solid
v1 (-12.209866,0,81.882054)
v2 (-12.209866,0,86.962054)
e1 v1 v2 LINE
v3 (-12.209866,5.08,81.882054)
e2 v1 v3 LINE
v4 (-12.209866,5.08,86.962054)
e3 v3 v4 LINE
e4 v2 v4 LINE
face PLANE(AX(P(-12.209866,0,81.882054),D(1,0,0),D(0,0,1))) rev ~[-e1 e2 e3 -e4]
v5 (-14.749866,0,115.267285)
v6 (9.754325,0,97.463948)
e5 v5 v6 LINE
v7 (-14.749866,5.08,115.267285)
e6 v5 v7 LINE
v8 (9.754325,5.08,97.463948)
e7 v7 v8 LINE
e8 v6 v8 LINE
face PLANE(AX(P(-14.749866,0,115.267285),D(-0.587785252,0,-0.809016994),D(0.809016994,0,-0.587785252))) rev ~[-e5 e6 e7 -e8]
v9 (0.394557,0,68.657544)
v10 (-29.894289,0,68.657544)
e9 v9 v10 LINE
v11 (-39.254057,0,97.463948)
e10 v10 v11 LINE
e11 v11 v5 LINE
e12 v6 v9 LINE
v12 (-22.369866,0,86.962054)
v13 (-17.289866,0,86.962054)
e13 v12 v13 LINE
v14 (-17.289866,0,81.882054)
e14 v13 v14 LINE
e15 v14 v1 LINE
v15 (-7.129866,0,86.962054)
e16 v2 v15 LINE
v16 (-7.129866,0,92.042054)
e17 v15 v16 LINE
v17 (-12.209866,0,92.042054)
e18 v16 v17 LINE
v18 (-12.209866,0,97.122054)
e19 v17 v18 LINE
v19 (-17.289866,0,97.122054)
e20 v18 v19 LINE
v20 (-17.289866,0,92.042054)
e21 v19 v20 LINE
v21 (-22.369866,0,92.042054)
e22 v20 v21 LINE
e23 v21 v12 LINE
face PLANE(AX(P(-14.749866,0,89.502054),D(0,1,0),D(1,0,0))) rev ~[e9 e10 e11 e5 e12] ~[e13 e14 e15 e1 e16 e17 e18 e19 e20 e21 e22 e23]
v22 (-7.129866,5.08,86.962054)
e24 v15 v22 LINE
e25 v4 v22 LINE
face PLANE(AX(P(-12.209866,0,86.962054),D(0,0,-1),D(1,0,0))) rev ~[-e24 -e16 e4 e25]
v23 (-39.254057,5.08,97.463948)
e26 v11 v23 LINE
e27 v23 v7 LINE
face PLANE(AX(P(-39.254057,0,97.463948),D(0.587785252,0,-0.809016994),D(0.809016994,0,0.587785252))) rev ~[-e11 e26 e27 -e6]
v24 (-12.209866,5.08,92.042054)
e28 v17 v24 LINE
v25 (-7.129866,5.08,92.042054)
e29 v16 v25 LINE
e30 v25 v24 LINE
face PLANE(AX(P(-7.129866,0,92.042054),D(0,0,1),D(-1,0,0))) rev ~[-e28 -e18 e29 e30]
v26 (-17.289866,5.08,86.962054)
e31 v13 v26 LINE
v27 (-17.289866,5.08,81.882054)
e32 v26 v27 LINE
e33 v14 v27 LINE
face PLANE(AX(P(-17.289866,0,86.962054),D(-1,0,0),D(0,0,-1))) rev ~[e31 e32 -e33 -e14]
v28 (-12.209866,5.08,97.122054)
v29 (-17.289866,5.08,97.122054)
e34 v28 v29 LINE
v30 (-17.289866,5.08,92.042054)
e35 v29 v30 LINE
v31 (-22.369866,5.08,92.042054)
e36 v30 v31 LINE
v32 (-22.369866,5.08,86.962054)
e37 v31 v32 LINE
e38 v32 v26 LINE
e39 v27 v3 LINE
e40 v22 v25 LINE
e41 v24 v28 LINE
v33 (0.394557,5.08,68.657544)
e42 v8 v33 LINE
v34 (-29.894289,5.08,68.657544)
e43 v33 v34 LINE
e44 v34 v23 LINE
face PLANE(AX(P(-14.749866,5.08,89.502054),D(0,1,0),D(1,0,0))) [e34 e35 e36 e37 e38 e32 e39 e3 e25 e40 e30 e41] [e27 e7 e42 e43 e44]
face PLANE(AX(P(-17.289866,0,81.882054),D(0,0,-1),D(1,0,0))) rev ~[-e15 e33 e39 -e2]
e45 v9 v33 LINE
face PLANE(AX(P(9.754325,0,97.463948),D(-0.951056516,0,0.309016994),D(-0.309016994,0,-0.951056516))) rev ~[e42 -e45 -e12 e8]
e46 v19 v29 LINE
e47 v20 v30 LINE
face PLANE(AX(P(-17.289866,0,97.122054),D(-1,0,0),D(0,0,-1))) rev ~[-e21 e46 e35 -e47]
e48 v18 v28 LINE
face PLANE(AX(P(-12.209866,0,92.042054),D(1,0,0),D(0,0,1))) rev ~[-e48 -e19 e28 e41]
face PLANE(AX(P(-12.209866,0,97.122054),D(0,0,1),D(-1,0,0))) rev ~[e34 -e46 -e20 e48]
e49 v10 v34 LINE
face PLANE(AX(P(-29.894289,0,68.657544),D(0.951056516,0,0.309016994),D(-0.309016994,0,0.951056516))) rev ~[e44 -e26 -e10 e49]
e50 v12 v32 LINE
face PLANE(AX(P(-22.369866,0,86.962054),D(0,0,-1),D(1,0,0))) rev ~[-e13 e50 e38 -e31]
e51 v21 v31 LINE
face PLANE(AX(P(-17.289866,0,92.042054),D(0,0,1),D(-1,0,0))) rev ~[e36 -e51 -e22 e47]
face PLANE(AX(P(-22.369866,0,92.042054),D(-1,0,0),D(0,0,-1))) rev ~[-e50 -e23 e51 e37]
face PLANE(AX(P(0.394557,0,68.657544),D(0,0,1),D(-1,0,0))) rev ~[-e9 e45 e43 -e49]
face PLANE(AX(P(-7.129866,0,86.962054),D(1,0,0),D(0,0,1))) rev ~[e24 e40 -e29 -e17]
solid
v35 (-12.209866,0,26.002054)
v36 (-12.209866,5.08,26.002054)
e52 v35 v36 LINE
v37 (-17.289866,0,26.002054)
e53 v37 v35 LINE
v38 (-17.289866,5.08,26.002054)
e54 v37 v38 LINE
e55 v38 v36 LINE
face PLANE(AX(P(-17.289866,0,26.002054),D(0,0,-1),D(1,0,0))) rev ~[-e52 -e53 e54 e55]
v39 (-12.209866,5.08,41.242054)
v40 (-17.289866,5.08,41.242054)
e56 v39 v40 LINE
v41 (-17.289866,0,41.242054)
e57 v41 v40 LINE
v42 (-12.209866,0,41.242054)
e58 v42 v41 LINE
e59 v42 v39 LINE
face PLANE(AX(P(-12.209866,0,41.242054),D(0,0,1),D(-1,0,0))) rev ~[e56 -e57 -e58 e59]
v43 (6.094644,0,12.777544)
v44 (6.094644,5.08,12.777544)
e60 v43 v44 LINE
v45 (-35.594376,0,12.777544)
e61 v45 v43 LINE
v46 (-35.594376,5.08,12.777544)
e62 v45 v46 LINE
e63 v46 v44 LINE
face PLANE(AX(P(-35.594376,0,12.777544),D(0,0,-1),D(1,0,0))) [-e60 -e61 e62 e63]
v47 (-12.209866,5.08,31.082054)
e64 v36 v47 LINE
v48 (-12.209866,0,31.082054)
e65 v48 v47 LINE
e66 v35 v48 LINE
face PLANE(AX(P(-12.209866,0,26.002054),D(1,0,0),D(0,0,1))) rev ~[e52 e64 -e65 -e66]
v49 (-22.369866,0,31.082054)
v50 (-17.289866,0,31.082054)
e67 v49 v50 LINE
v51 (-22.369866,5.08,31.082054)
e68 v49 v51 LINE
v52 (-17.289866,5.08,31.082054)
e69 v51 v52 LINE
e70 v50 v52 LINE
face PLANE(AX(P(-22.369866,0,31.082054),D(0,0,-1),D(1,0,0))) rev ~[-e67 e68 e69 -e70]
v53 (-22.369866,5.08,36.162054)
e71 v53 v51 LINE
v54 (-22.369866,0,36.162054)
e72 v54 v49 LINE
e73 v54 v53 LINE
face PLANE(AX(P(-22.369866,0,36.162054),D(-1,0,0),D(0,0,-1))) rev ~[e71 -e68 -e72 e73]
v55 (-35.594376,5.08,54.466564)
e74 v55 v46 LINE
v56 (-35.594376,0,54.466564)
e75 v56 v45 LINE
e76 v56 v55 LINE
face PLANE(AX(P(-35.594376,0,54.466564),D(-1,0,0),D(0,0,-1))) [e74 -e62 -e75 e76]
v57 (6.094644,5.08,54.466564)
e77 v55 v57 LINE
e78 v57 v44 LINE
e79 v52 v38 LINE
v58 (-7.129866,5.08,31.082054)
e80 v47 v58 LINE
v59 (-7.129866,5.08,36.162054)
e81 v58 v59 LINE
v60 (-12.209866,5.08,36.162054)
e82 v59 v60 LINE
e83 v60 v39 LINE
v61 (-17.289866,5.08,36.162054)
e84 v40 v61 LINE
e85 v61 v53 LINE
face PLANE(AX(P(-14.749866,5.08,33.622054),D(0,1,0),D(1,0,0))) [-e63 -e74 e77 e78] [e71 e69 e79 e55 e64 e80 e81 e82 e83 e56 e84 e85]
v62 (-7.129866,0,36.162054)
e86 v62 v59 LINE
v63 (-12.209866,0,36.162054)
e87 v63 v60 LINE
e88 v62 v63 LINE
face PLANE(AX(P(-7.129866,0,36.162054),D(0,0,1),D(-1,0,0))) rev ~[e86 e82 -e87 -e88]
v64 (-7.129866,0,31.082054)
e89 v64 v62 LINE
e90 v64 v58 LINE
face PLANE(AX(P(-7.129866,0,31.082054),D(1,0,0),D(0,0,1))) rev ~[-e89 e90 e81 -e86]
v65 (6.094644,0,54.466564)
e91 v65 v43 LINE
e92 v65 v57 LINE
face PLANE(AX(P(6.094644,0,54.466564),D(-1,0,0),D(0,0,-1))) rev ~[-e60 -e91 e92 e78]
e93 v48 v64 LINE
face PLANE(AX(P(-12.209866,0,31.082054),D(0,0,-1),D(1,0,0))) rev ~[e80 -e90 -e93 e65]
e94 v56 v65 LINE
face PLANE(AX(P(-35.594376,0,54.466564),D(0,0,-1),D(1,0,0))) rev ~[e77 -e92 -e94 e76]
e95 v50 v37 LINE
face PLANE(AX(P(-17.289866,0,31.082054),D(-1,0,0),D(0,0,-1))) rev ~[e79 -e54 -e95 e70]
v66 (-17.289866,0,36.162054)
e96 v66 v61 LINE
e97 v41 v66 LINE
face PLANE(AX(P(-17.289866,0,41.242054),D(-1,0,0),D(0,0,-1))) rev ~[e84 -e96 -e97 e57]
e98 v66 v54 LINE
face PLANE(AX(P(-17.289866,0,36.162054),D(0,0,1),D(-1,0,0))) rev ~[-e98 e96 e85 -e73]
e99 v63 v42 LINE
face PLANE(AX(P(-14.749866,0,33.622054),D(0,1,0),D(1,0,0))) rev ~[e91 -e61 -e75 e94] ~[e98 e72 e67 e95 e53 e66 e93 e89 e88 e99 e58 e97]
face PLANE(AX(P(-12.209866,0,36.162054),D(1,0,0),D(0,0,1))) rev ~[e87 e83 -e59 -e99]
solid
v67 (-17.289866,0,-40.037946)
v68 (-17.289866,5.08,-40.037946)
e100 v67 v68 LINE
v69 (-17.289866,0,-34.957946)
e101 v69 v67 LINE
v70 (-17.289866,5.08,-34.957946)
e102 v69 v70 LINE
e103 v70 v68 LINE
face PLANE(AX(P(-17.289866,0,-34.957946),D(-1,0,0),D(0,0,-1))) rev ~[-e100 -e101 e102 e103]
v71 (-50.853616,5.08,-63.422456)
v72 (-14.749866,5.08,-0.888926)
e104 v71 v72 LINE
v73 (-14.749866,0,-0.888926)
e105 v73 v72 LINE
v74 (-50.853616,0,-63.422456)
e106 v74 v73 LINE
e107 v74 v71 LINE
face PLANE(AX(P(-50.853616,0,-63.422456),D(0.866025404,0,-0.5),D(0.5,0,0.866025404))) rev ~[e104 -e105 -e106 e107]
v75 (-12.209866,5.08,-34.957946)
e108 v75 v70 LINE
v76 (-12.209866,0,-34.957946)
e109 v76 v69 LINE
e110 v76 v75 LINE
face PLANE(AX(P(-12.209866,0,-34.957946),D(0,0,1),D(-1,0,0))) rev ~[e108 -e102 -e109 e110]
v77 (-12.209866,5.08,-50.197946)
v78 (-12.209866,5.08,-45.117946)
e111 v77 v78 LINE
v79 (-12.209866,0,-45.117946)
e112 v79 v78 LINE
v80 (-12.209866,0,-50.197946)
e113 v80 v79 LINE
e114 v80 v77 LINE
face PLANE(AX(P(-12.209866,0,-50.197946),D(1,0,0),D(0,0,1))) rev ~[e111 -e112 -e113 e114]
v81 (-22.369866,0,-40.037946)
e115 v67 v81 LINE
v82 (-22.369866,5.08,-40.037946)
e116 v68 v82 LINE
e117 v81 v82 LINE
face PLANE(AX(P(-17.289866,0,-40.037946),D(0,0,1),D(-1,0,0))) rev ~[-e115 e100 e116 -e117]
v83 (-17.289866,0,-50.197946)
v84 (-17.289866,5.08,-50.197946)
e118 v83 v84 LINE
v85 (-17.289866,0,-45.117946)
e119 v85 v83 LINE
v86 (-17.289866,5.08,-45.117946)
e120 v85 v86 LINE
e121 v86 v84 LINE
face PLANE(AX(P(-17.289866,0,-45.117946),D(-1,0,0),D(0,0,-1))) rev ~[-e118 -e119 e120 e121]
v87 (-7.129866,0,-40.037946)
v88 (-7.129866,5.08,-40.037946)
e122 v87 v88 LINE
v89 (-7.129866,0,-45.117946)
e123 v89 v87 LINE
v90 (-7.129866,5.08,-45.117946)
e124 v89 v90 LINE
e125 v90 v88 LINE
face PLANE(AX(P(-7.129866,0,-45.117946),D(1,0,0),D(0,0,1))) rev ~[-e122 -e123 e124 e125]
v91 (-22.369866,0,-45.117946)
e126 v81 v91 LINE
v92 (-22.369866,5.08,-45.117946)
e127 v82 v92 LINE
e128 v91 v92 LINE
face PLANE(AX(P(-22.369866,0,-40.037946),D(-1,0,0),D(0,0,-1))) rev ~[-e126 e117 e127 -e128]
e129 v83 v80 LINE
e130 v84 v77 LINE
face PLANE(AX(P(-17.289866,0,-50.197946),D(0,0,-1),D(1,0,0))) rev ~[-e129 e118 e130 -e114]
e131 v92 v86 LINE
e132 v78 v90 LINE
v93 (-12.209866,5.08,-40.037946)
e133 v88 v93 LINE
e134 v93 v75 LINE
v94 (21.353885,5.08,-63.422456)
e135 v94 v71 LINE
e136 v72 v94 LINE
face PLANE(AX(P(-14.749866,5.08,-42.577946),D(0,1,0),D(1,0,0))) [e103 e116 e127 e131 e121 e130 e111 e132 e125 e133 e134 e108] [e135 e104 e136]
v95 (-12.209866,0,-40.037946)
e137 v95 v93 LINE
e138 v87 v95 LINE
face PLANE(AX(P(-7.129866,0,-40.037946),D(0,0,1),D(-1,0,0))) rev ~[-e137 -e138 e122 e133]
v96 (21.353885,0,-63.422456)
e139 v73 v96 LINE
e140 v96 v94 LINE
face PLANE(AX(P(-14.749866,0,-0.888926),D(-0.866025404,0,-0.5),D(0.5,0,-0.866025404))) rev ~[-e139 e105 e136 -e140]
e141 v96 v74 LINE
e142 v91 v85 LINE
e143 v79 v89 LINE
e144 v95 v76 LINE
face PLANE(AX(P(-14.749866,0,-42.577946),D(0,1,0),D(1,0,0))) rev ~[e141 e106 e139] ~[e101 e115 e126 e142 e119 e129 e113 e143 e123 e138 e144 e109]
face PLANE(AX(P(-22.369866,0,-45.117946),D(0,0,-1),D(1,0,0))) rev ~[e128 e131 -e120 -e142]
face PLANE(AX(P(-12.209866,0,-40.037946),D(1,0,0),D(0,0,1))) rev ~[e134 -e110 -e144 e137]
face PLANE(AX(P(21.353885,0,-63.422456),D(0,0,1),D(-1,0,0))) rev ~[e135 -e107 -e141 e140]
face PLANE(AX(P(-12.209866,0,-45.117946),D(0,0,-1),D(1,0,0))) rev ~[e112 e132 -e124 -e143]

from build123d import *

# Parameters (mm, degrees)
BOSS_EXTRUDE1_DEPTH   = 5.08
SKETCH3_W             = 41.68902
SKETCH3_H             = 41.68902
BOSS_EXTRUDE1_2_DEPTH = 5.08
BOSS_EXTRUDE1_3_DEPTH = 5.08


with BuildPart() as part:
    # Sketch3 → Boss-Extrude1 (new body)
    with BuildSketch(Plane(origin=(0, 0, 0), x_dir=(1, 0, 0), z_dir=(0, 1, 0))):
        Polygon((-14.749865829, 0.888926026), (21.35388455, 63.422456026), (-50.853616208, 63.422456026), align=None)
        Polygon((-14.749865829, 50.197946026), (-12.209865829, 50.197946026), (-12.209865829, 45.117946026), (-7.129865829, 45.117946026), (-7.129865829, 42.577946026), (-7.129865829, 40.037946026), (-12.209865829, 40.037946026), (-12.209865829, 34.957946026), (-14.749865829, 34.957946026), (-17.289865829, 34.957946026), (-17.289865829, 40.037946026), (-22.369865829, 40.037946026), (-22.369865829, 42.577946026), (-22.369865829, 45.117946026), (-17.289865829, 45.117946026), (-17.289865829, 50.197946026), align=None, mode=Mode.SUBTRACT)
    extrude(amount=BOSS_EXTRUDE1_DEPTH)


with BuildPart() as body_2:
    # Sketch3 → Boss-Extrude1 2 (new body)
    with BuildSketch(Plane(origin=(0, 0, 0), x_dir=(1, 0, 0), z_dir=(0, 1, 0))):
        with Locations((-14.749865829, -33.622053974)):
            Rectangle(SKETCH3_W, SKETCH3_H)
        Polygon((-7.129865829, -31.082053974), (-7.129865829, -33.622053974), (-7.129865829, -36.162053974), (-12.209865829, -36.162053974), (-12.209865829, -41.242053974), (-14.749865829, -41.242053974), (-17.289865829, -41.242053974), (-17.289865829, -36.162053974), (-22.369865829, -36.162053974), (-22.369865829, -33.622053974), (-22.369865829, -31.082053974), (-17.289865829, -31.082053974), (-17.289865829, -26.002053974), (-14.749865829, -26.002053974), (-12.209865829, -26.002053974), (-12.209865829, -31.082053974), align=None, mode=Mode.SUBTRACT)
    extrude(amount=BOSS_EXTRUDE1_2_DEPTH)


with BuildPart() as body_3:
    # Sketch3 → Boss-Extrude1 3 (new body)
    with BuildSketch(Plane(origin=(0, 0, 0), x_dir=(1, 0, 0), z_dir=(0, 1, 0))):
        Polygon((-14.749865829, -115.267285291), (9.754325309, -97.463948315), (0.394557161, -68.657543974), (-29.894288819, -68.657543974), (-39.254056968, -97.463948315), align=None)
        Polygon((-22.369865829, -92.042053974), (-22.369865829, -89.502053974), (-22.369865829, -86.962053974), (-17.289865829, -86.962053974), (-17.289865829, -81.882053974), (-14.749865829, -81.882053974), (-12.209865829, -81.882053974), (-12.209865829, -86.962053974), (-7.129865829, -86.962053974), (-7.129865829, -89.502053974), (-7.129865829, -92.042053974), (-12.209865829, -92.042053974), (-12.209865829, -97.122053974), (-14.749865829, -97.122053974), (-17.289865829, -97.122053974), (-17.289865829, -92.042053974), align=None, mode=Mode.SUBTRACT)
    extrude(amount=BOSS_EXTRUDE1_3_DEPTH)


solid = Compound([part.part, body_2.part, body_3.part])
